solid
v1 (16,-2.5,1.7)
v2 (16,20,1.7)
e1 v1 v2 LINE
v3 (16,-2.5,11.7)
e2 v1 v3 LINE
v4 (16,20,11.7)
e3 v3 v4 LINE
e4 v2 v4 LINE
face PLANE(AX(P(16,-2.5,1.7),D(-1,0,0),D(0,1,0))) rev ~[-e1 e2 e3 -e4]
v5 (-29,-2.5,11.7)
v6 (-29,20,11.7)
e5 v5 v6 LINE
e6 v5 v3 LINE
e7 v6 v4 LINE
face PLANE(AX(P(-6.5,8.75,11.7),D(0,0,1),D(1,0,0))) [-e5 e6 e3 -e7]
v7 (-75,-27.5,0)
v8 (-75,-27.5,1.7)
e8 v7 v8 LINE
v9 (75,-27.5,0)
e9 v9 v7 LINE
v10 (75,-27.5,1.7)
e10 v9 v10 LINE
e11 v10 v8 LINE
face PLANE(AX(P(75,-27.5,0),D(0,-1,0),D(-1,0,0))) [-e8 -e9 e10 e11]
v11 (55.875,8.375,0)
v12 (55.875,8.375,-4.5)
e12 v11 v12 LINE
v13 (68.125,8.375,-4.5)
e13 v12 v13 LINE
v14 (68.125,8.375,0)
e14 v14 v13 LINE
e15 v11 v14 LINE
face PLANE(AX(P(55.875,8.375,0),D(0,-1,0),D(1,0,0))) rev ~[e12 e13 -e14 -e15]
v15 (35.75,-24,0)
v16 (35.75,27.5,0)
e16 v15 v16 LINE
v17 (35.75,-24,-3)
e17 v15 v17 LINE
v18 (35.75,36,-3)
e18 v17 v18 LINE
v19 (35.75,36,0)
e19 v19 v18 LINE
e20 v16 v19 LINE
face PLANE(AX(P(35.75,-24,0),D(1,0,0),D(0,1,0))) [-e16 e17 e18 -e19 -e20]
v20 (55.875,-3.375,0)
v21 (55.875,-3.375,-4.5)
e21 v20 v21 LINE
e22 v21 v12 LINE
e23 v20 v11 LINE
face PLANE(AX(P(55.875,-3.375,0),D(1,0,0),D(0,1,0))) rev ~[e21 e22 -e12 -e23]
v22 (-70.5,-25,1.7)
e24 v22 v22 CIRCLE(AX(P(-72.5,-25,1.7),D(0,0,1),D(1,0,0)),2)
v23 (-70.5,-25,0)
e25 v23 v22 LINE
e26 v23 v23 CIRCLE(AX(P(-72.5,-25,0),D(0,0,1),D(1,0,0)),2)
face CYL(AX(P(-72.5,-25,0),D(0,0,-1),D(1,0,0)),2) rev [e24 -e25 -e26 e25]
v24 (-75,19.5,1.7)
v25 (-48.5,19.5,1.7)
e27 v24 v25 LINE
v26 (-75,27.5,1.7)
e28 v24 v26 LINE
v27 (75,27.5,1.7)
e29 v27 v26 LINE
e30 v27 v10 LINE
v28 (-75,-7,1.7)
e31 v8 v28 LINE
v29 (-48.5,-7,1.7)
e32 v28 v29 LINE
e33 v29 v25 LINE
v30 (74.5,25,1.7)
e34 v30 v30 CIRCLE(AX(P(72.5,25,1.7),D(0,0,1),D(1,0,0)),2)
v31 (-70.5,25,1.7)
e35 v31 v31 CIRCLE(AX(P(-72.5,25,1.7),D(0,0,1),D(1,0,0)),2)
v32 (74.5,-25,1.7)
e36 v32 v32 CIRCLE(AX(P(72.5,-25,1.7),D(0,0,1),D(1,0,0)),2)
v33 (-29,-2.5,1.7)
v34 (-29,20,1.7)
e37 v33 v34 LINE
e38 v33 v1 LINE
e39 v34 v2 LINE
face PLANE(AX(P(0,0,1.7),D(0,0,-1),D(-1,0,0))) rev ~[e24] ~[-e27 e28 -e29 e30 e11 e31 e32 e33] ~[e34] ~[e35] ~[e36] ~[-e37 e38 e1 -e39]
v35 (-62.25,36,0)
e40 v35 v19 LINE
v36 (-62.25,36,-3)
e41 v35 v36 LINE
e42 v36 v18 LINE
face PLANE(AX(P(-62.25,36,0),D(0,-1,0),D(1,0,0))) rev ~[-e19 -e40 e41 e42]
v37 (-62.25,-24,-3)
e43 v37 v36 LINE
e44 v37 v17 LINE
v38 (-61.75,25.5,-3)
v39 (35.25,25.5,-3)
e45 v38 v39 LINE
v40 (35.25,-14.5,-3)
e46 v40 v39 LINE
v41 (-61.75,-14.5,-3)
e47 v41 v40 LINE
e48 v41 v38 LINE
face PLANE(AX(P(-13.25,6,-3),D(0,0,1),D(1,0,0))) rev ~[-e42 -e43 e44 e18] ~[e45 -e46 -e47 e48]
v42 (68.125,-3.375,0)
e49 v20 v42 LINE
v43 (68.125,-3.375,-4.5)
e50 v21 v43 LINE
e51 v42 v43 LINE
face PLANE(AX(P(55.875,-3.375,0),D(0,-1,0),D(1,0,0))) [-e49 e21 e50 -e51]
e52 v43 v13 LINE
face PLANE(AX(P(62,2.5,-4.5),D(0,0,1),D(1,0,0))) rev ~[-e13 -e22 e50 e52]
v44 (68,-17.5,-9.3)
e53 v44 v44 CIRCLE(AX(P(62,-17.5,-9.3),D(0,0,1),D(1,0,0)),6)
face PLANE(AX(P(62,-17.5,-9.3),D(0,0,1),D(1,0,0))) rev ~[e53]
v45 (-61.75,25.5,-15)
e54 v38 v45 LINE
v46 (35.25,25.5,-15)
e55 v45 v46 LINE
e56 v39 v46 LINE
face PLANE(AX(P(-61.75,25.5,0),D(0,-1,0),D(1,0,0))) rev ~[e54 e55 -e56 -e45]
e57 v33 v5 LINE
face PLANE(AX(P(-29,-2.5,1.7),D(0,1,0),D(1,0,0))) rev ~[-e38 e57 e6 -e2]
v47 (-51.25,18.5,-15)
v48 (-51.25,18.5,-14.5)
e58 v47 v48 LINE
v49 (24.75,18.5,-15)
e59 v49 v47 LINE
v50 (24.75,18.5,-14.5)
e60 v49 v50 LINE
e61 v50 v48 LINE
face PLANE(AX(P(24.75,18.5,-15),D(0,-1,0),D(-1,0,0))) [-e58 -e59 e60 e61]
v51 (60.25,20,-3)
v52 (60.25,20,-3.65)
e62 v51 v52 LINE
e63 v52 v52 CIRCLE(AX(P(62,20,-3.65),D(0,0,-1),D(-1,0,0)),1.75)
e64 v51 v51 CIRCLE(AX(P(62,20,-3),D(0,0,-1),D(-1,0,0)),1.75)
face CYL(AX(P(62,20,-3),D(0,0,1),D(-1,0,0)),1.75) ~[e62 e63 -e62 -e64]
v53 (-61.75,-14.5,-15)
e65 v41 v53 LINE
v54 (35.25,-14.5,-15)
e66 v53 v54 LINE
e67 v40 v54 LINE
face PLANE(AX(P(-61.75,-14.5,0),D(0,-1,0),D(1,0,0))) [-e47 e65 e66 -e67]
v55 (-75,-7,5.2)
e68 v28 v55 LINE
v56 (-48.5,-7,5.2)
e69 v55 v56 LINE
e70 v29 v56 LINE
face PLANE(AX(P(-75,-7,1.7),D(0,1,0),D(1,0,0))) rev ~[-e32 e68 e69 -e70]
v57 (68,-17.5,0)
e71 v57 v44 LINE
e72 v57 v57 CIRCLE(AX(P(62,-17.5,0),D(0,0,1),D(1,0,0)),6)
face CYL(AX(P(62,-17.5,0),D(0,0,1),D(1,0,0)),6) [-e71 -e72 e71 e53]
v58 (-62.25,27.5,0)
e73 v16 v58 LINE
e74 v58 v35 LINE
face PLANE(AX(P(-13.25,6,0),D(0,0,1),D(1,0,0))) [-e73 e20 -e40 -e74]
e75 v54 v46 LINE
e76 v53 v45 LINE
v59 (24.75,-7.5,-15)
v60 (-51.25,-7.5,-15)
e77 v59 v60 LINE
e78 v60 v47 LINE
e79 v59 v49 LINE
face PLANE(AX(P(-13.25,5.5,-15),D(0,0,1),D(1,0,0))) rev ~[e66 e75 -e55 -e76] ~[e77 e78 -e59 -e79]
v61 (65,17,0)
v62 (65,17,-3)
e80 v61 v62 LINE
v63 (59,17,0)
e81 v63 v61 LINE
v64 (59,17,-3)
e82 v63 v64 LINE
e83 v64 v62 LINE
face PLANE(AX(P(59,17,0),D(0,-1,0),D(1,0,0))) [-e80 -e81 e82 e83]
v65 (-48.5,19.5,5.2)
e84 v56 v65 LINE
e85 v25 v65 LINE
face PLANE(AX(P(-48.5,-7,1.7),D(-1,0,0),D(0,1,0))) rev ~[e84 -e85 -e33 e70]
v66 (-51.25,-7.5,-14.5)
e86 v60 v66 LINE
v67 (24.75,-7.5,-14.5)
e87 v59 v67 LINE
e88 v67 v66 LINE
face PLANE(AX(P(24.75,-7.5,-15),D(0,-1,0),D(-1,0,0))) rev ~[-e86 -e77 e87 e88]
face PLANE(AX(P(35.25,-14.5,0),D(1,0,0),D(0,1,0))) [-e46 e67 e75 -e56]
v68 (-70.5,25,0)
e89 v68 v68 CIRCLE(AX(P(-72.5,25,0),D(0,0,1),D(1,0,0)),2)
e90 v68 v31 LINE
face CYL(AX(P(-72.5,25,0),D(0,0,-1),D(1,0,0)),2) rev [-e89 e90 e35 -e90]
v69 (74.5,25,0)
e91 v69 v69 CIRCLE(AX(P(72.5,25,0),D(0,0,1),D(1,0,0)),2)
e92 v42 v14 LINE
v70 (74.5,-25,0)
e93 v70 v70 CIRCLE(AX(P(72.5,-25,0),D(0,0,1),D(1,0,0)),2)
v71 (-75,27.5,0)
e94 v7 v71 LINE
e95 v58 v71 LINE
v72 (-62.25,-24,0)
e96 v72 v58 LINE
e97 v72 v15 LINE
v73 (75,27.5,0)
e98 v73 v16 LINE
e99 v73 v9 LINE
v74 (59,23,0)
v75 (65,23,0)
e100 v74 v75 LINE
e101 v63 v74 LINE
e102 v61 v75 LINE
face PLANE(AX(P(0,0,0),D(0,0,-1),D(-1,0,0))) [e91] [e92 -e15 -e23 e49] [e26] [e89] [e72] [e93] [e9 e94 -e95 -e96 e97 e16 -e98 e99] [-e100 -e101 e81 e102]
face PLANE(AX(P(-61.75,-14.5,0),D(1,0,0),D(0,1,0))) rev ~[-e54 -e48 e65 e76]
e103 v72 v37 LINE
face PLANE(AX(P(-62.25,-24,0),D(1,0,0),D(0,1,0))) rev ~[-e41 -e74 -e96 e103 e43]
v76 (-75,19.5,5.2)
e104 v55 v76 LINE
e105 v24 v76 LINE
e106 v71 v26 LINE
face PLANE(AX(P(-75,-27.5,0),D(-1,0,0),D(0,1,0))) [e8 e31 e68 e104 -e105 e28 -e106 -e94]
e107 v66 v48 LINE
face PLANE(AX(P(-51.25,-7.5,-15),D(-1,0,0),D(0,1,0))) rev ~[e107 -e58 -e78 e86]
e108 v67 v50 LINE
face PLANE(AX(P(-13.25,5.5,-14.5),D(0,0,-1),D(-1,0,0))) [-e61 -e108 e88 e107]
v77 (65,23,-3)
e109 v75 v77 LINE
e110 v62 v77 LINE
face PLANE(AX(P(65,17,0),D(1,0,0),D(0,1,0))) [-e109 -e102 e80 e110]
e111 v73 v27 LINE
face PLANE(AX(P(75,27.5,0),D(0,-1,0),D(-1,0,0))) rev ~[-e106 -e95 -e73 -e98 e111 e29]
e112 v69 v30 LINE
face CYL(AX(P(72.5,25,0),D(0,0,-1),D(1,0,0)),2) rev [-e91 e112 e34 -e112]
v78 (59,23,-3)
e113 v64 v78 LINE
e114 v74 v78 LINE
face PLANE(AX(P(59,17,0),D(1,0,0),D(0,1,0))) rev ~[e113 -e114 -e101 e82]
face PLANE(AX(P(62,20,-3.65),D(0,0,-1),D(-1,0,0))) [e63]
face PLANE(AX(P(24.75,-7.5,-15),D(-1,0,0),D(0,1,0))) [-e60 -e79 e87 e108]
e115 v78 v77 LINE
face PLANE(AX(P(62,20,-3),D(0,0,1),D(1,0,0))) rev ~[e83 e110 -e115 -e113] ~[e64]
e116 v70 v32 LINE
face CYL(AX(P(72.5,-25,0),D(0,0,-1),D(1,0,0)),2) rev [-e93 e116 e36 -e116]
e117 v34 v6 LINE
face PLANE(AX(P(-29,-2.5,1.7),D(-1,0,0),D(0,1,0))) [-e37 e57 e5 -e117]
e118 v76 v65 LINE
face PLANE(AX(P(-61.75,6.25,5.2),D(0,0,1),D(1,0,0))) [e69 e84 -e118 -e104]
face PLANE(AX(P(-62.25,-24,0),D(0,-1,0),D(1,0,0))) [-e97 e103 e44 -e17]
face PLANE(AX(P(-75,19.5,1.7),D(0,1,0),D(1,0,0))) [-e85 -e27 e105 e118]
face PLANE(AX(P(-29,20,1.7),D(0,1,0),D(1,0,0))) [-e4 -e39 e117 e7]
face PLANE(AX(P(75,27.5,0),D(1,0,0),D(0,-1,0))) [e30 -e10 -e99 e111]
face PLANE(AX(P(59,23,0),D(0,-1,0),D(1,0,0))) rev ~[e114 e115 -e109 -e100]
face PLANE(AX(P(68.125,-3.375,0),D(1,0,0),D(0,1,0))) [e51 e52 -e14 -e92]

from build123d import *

# Parameters (mm, degrees)
SKETCH2_R           = 2
BOSS_EXTRUDE1_DEPTH = 1.7
SKETCH3_W           = 98
SKETCH3_H           = 60
BOSS_EXTRUDE2_DEPTH = 3
SKETCH4_W           = 97
SKETCH4_H           = 40
BOSS_EXTRUDE3_DEPTH = 15
SKETCH5_W           = 6
SKETCH5_H           = 6
BOSS_EXTRUDE4_DEPTH = 3
SKETCH6_R           = 1.75
BOSS_EXTRUDE5_DEPTH = 0.65
SKETCH7_W           = 12.25
SKETCH7_H           = 11.75
BOSS_EXTRUDE6_DEPTH = 4.5
SKETCH8_R           = 6
BOSS_EXTRUDE7_DEPTH = 9.3
SKETCH9_W           = 45
SKETCH9_H           = 22.5
BOSS_EXTRUDE8_DEPTH = 10
SKETCH10_W          = 26.5
SKETCH10_H          = 26.5
BOSS_EXTRUDE9_DEPTH = 3.5
SKETCH11_W          = 76
SKETCH11_H          = 26
CUT_EXTRUDE1_DEPTH  = 0.5


with BuildPart() as part:
    # Sketch2 → Boss-Extrude1 (new body)
    with BuildSketch(Plane.XY):
        Polygon((75, 27.5), (75, -27.5), (-75, -27.5), (-75, 27.5), (-62.25, 27.5), (35.75, 27.5), align=None)
        with Locations((-72.5, -25)):
            Circle(SKETCH2_R, mode=Mode.SUBTRACT)
        with Locations((-72.5, 25)):
            Circle(SKETCH2_R, mode=Mode.SUBTRACT)
        with Locations((72.5, -25)):
            Circle(SKETCH2_R, mode=Mode.SUBTRACT)
        with Locations((72.5, 25)):
            Circle(SKETCH2_R, mode=Mode.SUBTRACT)
    extrude(amount=BOSS_EXTRUDE1_DEPTH)

    # Sketch3 → Boss-Extrude2 (add)
    with BuildSketch(Plane.XY):
        with Locations((-13.25, 6)):
            Rectangle(SKETCH3_W, SKETCH3_H)
    extrude(amount=-BOSS_EXTRUDE2_DEPTH)

    # Sketch4 → Boss-Extrude3 (add)
    with BuildSketch(Plane.XY):
        with Locations((-13.25, 5.5)):
            Rectangle(SKETCH4_W, SKETCH4_H)
    extrude(amount=-BOSS_EXTRUDE3_DEPTH)

    # Sketch5 → Boss-Extrude4 (add)
    with BuildSketch(Plane.XY):
        with Locations((62, 20)):
            Rectangle(SKETCH5_W, SKETCH5_H)
    extrude(amount=-BOSS_EXTRUDE4_DEPTH)

    # Sketch6 → Boss-Extrude5 (add)
    with BuildSketch(Plane(origin=(0, 0, -3), x_dir=(-1, 0, 0), z_dir=(0, 0, -1))):
        with Locations((-62, 20)):
            Circle(SKETCH6_R)
    extrude(amount=BOSS_EXTRUDE5_DEPTH)

    # Sketch7 → Boss-Extrude6 (add)
    with BuildSketch(Plane.XY):
        with Locations((62, 2.5)):
            Rectangle(SKETCH7_W, SKETCH7_H)
    extrude(amount=-BOSS_EXTRUDE6_DEPTH)

    # Sketch8 → Boss-Extrude7 (add)
    with BuildSketch(Plane.XY):
        with Locations((62, -17.5)):
            Circle(SKETCH8_R)
    extrude(amount=-BOSS_EXTRUDE7_DEPTH)

    # Sketch9 → Boss-Extrude8 (add)
    with BuildSketch(Plane.XY.offset(1.7)):
        with Locations((-6.5, 8.75)):
            Rectangle(SKETCH9_W, SKETCH9_H)
    extrude(amount=BOSS_EXTRUDE8_DEPTH)

    # Sketch10 → Boss-Extrude9 (add)
    with BuildSketch(Plane.XY.offset(1.7)):
        with Locations((-61.75, 6.25)):
            Rectangle(SKETCH10_W, SKETCH10_H)
    extrude(amount=BOSS_EXTRUDE9_DEPTH)

    # Sketch11 → Cut-Extrude1 (cut)
    with BuildSketch(Plane(origin=(0, 0, -15), x_dir=(-1, 0, 0), z_dir=(0, 0, -1))):
        with Locations((13.25, 5.5)):
            Rectangle(SKETCH11_W, SKETCH11_H)
    extrude(amount=-CUT_EXTRUDE1_DEPTH, mode=Mode.SUBTRACT)


solid = part.part
